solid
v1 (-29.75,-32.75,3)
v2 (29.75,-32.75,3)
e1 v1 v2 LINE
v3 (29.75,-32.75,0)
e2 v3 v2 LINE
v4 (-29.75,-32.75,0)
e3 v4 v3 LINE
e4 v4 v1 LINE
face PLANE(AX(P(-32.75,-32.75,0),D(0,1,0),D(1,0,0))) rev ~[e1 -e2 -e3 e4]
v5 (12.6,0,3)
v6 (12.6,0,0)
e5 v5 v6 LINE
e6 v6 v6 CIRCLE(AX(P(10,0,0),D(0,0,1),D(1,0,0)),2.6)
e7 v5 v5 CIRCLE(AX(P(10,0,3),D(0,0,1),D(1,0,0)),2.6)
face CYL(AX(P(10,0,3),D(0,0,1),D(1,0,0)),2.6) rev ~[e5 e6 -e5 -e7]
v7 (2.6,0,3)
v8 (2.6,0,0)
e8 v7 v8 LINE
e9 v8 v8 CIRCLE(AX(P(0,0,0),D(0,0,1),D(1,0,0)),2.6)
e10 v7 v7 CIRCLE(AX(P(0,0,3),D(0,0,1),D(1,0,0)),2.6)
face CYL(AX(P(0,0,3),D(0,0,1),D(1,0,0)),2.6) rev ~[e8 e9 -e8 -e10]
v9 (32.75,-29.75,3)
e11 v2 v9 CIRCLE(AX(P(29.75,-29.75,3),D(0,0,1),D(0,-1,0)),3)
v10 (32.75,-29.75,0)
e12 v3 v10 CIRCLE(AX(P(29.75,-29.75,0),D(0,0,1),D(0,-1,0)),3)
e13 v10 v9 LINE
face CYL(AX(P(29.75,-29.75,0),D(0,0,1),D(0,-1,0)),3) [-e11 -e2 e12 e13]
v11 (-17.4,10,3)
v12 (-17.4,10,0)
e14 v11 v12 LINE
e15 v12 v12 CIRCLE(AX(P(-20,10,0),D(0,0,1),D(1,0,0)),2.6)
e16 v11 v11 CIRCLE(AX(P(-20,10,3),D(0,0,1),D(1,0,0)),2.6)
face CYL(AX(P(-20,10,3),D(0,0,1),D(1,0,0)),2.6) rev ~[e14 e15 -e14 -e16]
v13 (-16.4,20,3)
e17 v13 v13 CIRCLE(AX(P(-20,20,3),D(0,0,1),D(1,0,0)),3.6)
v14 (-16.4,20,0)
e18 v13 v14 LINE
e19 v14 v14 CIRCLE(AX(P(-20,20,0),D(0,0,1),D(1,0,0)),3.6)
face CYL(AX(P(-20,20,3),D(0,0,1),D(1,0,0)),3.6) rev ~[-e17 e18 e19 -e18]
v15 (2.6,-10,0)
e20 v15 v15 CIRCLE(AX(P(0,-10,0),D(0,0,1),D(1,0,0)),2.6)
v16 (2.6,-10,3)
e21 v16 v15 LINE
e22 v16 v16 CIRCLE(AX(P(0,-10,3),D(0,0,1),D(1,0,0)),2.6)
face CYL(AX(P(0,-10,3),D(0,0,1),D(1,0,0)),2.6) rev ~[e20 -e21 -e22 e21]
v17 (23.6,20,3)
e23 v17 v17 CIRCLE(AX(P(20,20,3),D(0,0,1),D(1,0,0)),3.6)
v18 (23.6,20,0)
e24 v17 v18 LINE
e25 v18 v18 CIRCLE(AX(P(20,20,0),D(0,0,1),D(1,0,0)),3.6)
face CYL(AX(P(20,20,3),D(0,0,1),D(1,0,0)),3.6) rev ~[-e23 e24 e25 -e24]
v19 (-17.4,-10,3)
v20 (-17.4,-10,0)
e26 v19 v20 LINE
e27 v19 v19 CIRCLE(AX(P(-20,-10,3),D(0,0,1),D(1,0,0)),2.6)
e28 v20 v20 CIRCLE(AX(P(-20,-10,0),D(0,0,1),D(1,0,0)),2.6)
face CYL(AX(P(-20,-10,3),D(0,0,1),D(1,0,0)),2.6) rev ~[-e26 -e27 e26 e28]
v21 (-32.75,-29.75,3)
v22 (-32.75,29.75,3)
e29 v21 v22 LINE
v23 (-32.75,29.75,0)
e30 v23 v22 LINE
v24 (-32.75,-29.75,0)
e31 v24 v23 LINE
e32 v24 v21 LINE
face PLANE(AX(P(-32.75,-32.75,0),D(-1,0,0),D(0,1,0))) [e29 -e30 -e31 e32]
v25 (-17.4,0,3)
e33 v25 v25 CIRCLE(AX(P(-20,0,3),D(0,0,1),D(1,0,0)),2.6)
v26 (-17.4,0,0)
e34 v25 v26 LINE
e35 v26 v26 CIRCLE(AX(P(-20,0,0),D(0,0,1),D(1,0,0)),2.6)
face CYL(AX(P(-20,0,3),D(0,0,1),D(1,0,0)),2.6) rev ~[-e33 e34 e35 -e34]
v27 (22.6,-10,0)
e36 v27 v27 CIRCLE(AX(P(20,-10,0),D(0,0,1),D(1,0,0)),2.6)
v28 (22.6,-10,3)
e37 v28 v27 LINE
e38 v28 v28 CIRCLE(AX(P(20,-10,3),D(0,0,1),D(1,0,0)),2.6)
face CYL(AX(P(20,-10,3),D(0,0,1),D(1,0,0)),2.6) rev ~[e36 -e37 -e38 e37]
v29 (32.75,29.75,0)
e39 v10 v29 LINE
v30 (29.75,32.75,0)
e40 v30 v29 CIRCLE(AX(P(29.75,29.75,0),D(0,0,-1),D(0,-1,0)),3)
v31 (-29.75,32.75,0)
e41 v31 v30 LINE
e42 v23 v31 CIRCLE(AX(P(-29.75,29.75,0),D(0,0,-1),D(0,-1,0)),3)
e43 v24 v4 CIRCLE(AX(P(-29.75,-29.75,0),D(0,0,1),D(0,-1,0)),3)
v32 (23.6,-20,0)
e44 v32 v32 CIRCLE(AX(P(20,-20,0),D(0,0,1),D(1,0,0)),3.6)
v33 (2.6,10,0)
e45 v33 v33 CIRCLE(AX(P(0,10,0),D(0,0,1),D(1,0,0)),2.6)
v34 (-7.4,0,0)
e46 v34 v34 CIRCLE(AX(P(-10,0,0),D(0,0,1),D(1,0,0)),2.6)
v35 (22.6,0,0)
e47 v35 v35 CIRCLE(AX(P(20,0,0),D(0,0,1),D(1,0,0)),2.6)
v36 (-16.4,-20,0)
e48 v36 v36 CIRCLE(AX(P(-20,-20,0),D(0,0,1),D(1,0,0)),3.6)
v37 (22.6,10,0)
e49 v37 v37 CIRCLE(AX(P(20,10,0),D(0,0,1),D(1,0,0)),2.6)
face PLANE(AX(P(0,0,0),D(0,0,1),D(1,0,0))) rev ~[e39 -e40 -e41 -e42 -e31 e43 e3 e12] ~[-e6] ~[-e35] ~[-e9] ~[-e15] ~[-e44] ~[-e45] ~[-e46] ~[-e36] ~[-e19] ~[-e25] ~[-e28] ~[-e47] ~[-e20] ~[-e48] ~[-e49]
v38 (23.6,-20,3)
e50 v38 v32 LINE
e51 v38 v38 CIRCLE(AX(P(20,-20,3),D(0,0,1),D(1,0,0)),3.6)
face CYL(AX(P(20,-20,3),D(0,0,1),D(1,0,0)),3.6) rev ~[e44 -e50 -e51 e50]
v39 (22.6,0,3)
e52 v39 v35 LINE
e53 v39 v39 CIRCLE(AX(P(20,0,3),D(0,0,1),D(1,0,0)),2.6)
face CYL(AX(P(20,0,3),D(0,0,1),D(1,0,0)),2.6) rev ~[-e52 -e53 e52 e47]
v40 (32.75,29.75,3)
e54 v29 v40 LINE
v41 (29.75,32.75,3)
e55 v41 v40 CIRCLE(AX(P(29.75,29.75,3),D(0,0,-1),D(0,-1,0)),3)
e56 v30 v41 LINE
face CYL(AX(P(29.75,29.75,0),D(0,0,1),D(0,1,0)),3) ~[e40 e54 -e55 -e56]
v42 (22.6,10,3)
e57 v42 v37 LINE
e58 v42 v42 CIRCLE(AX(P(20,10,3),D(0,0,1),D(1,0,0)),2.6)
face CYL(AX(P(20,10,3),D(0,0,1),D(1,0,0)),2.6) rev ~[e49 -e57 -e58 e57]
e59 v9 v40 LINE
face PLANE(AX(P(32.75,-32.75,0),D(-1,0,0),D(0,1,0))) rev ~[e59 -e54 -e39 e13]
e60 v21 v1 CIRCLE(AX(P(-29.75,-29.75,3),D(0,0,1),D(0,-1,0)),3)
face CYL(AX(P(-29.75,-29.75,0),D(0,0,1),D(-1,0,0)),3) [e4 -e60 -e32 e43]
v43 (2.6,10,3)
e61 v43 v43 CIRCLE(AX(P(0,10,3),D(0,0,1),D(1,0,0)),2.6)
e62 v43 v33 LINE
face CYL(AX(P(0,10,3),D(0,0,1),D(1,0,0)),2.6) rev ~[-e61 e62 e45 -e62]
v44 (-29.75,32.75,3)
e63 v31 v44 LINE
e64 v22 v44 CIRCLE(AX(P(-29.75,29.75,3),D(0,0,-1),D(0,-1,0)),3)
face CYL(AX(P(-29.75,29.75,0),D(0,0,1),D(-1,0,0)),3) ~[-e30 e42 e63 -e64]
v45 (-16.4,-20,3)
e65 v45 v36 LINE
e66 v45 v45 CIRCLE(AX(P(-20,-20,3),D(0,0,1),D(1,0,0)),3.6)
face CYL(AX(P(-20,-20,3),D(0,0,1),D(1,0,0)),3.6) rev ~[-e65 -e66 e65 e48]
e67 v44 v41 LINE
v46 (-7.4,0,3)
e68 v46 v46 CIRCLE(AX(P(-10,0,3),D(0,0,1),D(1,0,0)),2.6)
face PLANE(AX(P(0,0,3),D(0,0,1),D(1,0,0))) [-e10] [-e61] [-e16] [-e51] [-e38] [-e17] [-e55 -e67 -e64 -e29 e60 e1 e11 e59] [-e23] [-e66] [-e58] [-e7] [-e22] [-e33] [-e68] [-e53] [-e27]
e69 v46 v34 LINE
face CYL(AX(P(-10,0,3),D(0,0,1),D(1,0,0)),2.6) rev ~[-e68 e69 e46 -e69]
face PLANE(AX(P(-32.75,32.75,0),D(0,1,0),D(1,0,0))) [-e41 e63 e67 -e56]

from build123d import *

# Parameters (mm, degrees)
SKETCH1_W           = 65.5
SKETCH1_H           = 65.5
BOSS_EXTRUDE1_DEPTH = 3
CUT_EXTRUDE1_REACH  = 48.413
SKETCH2_R           = 2.6
SKETCH2_R_2         = 3.6
FILLET1_R           = 3


with BuildPart() as part:
    # Sketch1 → Boss-Extrude1 (new body)
    with BuildSketch(Plane.XY):
        Rectangle(SKETCH1_W, SKETCH1_H)
    extrude(amount=BOSS_EXTRUDE1_DEPTH)

    # Sketch2 → Cut-Extrude1 (cut, up to next)
    with BuildSketch(Plane.XY.offset(3), mode=Mode.PRIVATE) as cut_extrude1_sk1:
        Circle(SKETCH2_R)
    cut_extrude1_tool1 = extrude(cut_extrude1_sk1.sketch, amount=-CUT_EXTRUDE1_REACH, mode=Mode.PRIVATE) & part.part
    # Sketch2 → Cut-Extrude1 (cut, up to next)
    with BuildSketch(Plane.XY.offset(3), mode=Mode.PRIVATE) as cut_extrude1_sk2:
        with Locations((10, 0)):
            Circle(SKETCH2_R)
    cut_extrude1_tool2 = extrude(cut_extrude1_sk2.sketch, amount=-CUT_EXTRUDE1_REACH, mode=Mode.PRIVATE) & part.part
    # Sketch2 → Cut-Extrude1 (cut, up to next)
    with BuildSketch(Plane.XY.offset(3), mode=Mode.PRIVATE) as cut_extrude1_sk3:
        with Locations((20, 0)):
            Circle(SKETCH2_R)
    cut_extrude1_tool3 = extrude(cut_extrude1_sk3.sketch, amount=-CUT_EXTRUDE1_REACH, mode=Mode.PRIVATE) & part.part
    # Sketch2 → Cut-Extrude1 (cut, up to next)
    with BuildSketch(Plane.XY.offset(3), mode=Mode.PRIVATE) as cut_extrude1_sk4:
        with Locations((0, -10)):
            Circle(SKETCH2_R)
    cut_extrude1_tool4 = extrude(cut_extrude1_sk4.sketch, amount=-CUT_EXTRUDE1_REACH, mode=Mode.PRIVATE) & part.part
    # Sketch2 → Cut-Extrude1 (cut, up to next)
    with BuildSketch(Plane.XY.offset(3), mode=Mode.PRIVATE) as cut_extrude1_sk5:
        with Locations((20, -10)):
            Circle(SKETCH2_R)
    cut_extrude1_tool5 = extrude(cut_extrude1_sk5.sketch, amount=-CUT_EXTRUDE1_REACH, mode=Mode.PRIVATE) & part.part
    # Sketch2 → Cut-Extrude1 (cut, up to next)
    with BuildSketch(Plane.XY.offset(3), mode=Mode.PRIVATE) as cut_extrude1_sk6:
        with Locations((20, 10)):
            Circle(SKETCH2_R)
    cut_extrude1_tool6 = extrude(cut_extrude1_sk6.sketch, amount=-CUT_EXTRUDE1_REACH, mode=Mode.PRIVATE) & part.part
    # Sketch2 → Cut-Extrude1 (cut, up to next)
    with BuildSketch(Plane.XY.offset(3), mode=Mode.PRIVATE) as cut_extrude1_sk7:
        with Locations((0, 10)):
            Circle(SKETCH2_R)
    cut_extrude1_tool7 = extrude(cut_extrude1_sk7.sketch, amount=-CUT_EXTRUDE1_REACH, mode=Mode.PRIVATE) & part.part
    # Sketch2 → Cut-Extrude1 (cut, up to next)
    with BuildSketch(Plane.XY.offset(3), mode=Mode.PRIVATE) as cut_extrude1_sk8:
        with Locations((-20, -10)):
            Circle(SKETCH2_R)
    cut_extrude1_tool8 = extrude(cut_extrude1_sk8.sketch, amount=-CUT_EXTRUDE1_REACH, mode=Mode.PRIVATE) & part.part
    # Sketch2 → Cut-Extrude1 (cut, up to next)
    with BuildSketch(Plane.XY.offset(3), mode=Mode.PRIVATE) as cut_extrude1_sk9:
        with Locations((-20, 10)):
            Circle(SKETCH2_R)
    cut_extrude1_tool9 = extrude(cut_extrude1_sk9.sketch, amount=-CUT_EXTRUDE1_REACH, mode=Mode.PRIVATE) & part.part
    # Sketch2 → Cut-Extrude1 (cut, up to next)
    with BuildSketch(Plane.XY.offset(3), mode=Mode.PRIVATE) as cut_extrude1_sk10:
        with Locations((-20, 0)):
            Circle(SKETCH2_R)
    cut_extrude1_tool10 = extrude(cut_extrude1_sk10.sketch, amount=-CUT_EXTRUDE1_REACH, mode=Mode.PRIVATE) & part.part
    # Sketch2 → Cut-Extrude1 (cut, up to next)
    with BuildSketch(Plane.XY.offset(3), mode=Mode.PRIVATE) as cut_extrude1_sk11:
        with Locations((-10, 0)):
            Circle(SKETCH2_R)
    cut_extrude1_tool11 = extrude(cut_extrude1_sk11.sketch, amount=-CUT_EXTRUDE1_REACH, mode=Mode.PRIVATE) & part.part
    # Sketch2 → Cut-Extrude1 (cut, up to next)
    with BuildSketch(Plane.XY.offset(3), mode=Mode.PRIVATE) as cut_extrude1_sk12:
        with Locations((-20, 20)):
            Circle(SKETCH2_R_2)
    cut_extrude1_tool12 = extrude(cut_extrude1_sk12.sketch, amount=-CUT_EXTRUDE1_REACH, mode=Mode.PRIVATE) & part.part
    # Sketch2 → Cut-Extrude1 (cut, up to next)
    with BuildSketch(Plane.XY.offset(3), mode=Mode.PRIVATE) as cut_extrude1_sk13:
        with Locations((20, 20)):
            Circle(SKETCH2_R_2)
    cut_extrude1_tool13 = extrude(cut_extrude1_sk13.sketch, amount=-CUT_EXTRUDE1_REACH, mode=Mode.PRIVATE) & part.part
    # Sketch2 → Cut-Extrude1 (cut, up to next)
    with BuildSketch(Plane.XY.offset(3), mode=Mode.PRIVATE) as cut_extrude1_sk14:
        with Locations((20, -20)):
            Circle(SKETCH2_R_2)
    cut_extrude1_tool14 = extrude(cut_extrude1_sk14.sketch, amount=-CUT_EXTRUDE1_REACH, mode=Mode.PRIVATE) & part.part
    # Sketch2 → Cut-Extrude1 (cut, up to next)
    with BuildSketch(Plane.XY.offset(3), mode=Mode.PRIVATE) as cut_extrude1_sk15:
        with Locations((-20, -20)):
            Circle(SKETCH2_R_2)
    cut_extrude1_tool15 = extrude(cut_extrude1_sk15.sketch, amount=-CUT_EXTRUDE1_REACH, mode=Mode.PRIVATE) & part.part
    add(cut_extrude1_tool1.solids().sort_by_distance((0, 0, 3))[0], mode=Mode.SUBTRACT)
    add(cut_extrude1_tool2.solids().sort_by_distance((10, 0, 3))[0], mode=Mode.SUBTRACT)
    add(cut_extrude1_tool3.solids().sort_by_distance((20, 0, 3))[0], mode=Mode.SUBTRACT)
    add(cut_extrude1_tool4.solids().sort_by_distance((0, -10, 3))[0], mode=Mode.SUBTRACT)
    add(cut_extrude1_tool5.solids().sort_by_distance((20, -10, 3))[0], mode=Mode.SUBTRACT)
    add(cut_extrude1_tool6.solids().sort_by_distance((20, 10, 3))[0], mode=Mode.SUBTRACT)
    add(cut_extrude1_tool7.solids().sort_by_distance((0, 10, 3))[0], mode=Mode.SUBTRACT)
    add(cut_extrude1_tool8.solids().sort_by_distance((-20, -10, 3))[0], mode=Mode.SUBTRACT)
    add(cut_extrude1_tool9.solids().sort_by_distance((-20, 10, 3))[0], mode=Mode.SUBTRACT)
    add(cut_extrude1_tool10.solids().sort_by_distance((-20, 0, 3))[0], mode=Mode.SUBTRACT)
    add(cut_extrude1_tool11.solids().sort_by_distance((-10, 0, 3))[0], mode=Mode.SUBTRACT)
    add(cut_extrude1_tool12.solids().sort_by_distance((-20, 20, 3))[0], mode=Mode.SUBTRACT)
    add(cut_extrude1_tool13.solids().sort_by_distance((20, 20, 3))[0], mode=Mode.SUBTRACT)
    add(cut_extrude1_tool14.solids().sort_by_distance((20, -20, 3))[0], mode=Mode.SUBTRACT)
    add(cut_extrude1_tool15.solids().sort_by_distance((-20, -20, 3))[0], mode=Mode.SUBTRACT)

    # Fillet1
    fillet1_edges = [part.edges().sort_by_distance(p)[0] for p in [
        (-32.75, 32.75, 1.5),
        (-32.75, -32.75, 1.5),
        (32.75, -32.75, 1.5),
        (32.75, 32.75, 1.5),
    ]]
    fillet(fillet1_edges, radius=FILLET1_R)


solid = part.part
